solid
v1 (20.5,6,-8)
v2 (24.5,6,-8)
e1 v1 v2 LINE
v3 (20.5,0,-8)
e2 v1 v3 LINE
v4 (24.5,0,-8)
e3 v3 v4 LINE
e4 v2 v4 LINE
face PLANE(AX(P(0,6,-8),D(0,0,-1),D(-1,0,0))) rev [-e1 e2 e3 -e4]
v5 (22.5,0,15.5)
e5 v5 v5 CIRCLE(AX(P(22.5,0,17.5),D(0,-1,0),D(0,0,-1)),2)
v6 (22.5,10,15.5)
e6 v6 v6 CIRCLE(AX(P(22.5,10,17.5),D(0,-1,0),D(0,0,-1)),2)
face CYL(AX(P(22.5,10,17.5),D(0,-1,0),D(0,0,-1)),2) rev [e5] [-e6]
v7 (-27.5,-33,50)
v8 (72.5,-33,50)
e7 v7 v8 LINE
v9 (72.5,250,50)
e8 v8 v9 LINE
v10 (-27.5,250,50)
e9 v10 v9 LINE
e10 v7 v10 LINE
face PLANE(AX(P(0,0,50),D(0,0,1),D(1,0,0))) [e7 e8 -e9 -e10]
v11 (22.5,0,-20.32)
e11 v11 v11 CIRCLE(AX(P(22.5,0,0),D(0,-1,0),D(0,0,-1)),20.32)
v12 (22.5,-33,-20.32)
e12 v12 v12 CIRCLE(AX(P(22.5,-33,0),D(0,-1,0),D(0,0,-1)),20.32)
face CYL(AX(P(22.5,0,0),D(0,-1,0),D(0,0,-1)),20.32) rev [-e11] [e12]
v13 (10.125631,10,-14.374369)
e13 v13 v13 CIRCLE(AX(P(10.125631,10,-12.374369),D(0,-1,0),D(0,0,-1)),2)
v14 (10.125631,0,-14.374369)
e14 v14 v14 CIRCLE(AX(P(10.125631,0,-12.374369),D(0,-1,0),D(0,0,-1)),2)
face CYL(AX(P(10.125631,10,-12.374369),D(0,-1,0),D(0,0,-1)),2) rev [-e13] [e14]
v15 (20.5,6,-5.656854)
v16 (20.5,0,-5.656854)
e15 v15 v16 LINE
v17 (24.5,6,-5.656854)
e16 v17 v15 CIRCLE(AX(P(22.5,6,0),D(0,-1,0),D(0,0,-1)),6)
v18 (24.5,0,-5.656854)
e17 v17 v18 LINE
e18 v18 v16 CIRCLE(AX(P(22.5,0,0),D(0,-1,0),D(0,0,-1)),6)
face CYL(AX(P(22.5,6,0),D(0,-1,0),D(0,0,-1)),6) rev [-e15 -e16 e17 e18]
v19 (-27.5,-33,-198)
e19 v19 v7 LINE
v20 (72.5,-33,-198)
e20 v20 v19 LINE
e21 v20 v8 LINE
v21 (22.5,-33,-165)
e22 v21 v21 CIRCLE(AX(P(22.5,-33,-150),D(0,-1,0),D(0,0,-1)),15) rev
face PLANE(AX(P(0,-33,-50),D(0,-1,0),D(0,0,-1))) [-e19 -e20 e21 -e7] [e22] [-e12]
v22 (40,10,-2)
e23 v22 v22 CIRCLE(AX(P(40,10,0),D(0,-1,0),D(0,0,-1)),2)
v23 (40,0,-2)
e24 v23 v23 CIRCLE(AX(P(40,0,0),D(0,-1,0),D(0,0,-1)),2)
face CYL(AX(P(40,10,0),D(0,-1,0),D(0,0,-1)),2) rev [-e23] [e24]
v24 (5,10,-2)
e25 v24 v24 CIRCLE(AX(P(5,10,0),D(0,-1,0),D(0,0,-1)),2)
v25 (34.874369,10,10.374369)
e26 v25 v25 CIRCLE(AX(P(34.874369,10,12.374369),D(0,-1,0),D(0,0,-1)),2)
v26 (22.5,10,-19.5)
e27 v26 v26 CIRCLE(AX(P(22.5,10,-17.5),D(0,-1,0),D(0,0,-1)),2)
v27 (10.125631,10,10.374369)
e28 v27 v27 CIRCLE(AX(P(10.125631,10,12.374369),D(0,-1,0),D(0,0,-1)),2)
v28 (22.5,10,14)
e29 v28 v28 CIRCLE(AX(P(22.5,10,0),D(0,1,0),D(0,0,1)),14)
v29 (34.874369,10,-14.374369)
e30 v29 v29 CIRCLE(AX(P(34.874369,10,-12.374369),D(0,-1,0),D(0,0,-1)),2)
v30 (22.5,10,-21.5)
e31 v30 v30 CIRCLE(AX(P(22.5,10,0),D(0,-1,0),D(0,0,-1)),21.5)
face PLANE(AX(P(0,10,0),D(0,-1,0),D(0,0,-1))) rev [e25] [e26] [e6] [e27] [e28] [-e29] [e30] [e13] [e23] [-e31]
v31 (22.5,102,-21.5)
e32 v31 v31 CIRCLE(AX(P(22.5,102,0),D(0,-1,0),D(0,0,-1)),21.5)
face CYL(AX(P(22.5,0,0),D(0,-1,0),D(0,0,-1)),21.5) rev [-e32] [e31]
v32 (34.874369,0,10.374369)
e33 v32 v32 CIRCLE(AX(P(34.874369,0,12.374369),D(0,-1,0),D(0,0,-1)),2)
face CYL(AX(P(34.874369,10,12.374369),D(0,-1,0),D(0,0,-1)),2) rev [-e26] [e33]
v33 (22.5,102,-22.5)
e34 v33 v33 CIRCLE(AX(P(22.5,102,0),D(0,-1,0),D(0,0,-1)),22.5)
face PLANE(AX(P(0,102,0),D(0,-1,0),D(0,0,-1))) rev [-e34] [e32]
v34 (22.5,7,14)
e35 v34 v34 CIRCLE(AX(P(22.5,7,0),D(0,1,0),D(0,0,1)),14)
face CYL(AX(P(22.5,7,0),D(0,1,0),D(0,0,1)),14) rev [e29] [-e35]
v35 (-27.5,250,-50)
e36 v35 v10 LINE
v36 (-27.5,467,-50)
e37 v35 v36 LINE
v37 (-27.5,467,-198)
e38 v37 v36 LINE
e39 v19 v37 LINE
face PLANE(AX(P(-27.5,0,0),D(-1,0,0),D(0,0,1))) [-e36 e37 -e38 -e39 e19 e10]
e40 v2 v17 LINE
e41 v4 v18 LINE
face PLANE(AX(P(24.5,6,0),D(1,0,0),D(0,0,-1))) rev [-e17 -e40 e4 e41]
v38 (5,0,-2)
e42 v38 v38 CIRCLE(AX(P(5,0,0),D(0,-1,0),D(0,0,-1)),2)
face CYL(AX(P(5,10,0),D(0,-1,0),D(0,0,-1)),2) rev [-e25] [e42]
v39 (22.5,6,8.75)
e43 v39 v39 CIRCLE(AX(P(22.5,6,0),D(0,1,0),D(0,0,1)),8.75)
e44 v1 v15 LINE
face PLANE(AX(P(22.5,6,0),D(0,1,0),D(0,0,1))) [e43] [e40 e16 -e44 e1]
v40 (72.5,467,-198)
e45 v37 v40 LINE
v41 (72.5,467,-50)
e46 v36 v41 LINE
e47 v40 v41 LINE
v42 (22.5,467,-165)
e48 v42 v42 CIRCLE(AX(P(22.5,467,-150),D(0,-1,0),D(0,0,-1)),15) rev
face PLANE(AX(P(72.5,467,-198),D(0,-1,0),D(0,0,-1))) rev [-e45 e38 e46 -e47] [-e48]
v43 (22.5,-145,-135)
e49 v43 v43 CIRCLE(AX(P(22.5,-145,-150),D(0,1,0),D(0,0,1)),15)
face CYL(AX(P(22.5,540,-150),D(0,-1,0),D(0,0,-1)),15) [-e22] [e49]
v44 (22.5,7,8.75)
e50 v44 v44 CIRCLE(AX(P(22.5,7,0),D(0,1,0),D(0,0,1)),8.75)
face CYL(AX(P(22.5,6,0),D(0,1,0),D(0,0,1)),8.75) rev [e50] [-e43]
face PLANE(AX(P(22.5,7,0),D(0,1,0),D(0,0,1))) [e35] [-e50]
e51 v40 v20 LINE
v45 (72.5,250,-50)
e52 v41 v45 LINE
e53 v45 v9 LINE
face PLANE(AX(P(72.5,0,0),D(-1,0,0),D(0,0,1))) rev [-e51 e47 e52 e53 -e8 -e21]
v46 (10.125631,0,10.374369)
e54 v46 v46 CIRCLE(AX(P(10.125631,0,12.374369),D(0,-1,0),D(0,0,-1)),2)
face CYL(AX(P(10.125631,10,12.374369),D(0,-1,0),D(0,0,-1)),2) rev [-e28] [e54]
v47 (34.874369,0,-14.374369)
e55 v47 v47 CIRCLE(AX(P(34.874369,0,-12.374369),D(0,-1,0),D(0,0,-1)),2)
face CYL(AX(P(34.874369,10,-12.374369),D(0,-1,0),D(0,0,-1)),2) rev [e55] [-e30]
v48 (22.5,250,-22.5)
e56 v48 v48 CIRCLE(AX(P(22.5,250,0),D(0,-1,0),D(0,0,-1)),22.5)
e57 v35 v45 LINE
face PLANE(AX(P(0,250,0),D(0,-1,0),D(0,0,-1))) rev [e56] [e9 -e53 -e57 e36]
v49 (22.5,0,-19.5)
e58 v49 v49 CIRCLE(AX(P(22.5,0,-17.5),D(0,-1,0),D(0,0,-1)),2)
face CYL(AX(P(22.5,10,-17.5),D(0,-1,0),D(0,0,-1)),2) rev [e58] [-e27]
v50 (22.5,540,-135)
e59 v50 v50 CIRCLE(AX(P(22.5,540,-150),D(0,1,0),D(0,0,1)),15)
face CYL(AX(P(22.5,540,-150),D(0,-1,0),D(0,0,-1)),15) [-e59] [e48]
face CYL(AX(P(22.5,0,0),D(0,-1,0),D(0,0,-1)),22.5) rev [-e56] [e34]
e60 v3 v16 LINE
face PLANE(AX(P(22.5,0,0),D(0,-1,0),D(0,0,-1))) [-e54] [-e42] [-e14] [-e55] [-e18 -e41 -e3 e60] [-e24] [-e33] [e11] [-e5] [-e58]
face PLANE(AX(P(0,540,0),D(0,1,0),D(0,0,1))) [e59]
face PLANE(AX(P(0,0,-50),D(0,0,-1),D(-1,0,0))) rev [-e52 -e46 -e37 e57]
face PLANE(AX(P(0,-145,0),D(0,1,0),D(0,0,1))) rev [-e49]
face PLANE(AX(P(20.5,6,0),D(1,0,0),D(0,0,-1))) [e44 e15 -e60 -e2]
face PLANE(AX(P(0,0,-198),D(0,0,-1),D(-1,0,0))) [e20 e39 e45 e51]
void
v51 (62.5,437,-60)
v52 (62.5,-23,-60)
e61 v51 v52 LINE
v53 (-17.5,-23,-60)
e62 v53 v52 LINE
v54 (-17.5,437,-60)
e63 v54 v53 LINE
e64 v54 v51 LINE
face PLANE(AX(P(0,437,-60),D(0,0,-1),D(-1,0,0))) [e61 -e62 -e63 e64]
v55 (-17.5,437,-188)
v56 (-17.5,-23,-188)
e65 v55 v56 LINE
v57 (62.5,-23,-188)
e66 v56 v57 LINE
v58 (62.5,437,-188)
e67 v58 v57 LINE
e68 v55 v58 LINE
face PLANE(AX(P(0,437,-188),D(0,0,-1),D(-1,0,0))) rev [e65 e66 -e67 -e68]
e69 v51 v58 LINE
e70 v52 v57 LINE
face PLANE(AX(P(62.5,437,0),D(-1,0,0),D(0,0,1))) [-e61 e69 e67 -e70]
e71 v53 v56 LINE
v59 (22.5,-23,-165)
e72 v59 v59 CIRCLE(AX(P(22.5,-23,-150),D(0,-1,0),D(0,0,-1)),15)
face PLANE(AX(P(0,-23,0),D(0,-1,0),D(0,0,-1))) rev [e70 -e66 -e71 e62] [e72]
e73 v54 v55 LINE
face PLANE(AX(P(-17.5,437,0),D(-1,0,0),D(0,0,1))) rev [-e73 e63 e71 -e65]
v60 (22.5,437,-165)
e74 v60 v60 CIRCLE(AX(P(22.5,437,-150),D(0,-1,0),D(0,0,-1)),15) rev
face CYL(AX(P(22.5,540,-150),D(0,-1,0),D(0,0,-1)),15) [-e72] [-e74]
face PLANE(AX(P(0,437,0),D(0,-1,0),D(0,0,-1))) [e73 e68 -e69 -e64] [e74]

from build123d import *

# Parameters (mm, degrees)
EXTRUDE_START         = -250
SKETCH_3_R            = 50
SKETCH_3_R_2          = 32.5
EXTRUDE_1_DEPTH       = 250
EXTRUDE_7_DEPTH       = 250
EXTRUDE_8_DEPTH       = 50
EXTRUDE_8_DEPTH_BACK  = 50
SKETCH_12_W           = 100
SKETCH_12_H           = 500
EXTRUDE_10_DEPTH      = 148
EXTRUDE_12_DEPTH      = 73
EXTRUDE_12_DEPTH_BACK = 612
SKETCH_13_R           = 15
SKETCH_20_W           = 80
SKETCH_20_H           = 128
SKETCH_20_R           = 15
CUT_EXTRUDE_4_DEPTH   = 470
SKETCH_20_4_W         = 80
SKETCH_20_4_H         = 128
SKETCH_20_4_R         = 15
EXTRUDE_13_DEPTH      = 10
SKETCH_1_22_W         = 6
SKETCH_1_22_H         = 10
SKETCH_22_R           = 20.32
CUT_EXTRUDE_6_DEPTH   = 33
SKETCH_23_R           = 2
CUT_EXTRUDE_7_DEPTH   = 10
SKETCH_25_R           = 14
CUT_EXTRUDE_8_DEPTH   = 3
SKETCH_26_R           = 8.75
CUT_EXTRUDE_9_DEPTH   = 4
SKETCH_27_R           = 6
CUT_EXTRUDE_10_DEPTH  = 6
CUT_EXTRUDE_12_DEPTH  = 6


with BuildPart() as part:
    # 草图1 → 旋转1 (revolve)
    with BuildSketch(Plane.XY):
        Polygon((16.5, 10), (1, 10), (1, 102), (0, 102), (0, 250), (-10, 250), (-10, 0), (16.5, 0), align=None)
        Polygon((28.5, 10), (28.5, 0), (55, 0), (55, 250), (45, 250), (45, 102), (44, 102), (44, 10), align=None)
    revolve(axis=Axis((22.5, 0, 0), (0, 1, 0)))

    # 草图3 → 凸台-拉伸1 (add)
    with BuildSketch(Plane(origin=(0, 250, 0), x_dir=(1, 0, 0), z_dir=(0, 1, 0)).offset(EXTRUDE_START)):
        with Locations((22.5, 0)):
            Circle(SKETCH_3_R)
        with Locations((22.5, 0)):
            Circle(SKETCH_3_R_2, mode=Mode.SUBTRACT)
    extrude(amount=EXTRUDE_1_DEPTH)

    # 草图3<5> → 凸台-拉伸7 (add)
    with BuildSketch(Plane(origin=(0, 250, 0), x_dir=(1, 0, 0), z_dir=(0, 1, 0)).offset(EXTRUDE_START)):
        with BuildLine():
            ThreePointArc((22.5, -50), (-12.855339059, -35.355339059), (-27.5, 0))
            Line((-27.5, 0), (-27.5, -50))
            Line((-27.5, -50), (22.5, -50))
        make_face()
        with BuildLine():
            Line((-27.5, 50), (-27.5, 0))
            ThreePointArc((-27.5, 0), (-12.855339059, 35.355339059), (22.5, 50))
            Line((22.5, 50), (-27.5, 50))
        make_face()
        with BuildLine():
            Line((72.5, 50), (22.5, 50))
            ThreePointArc((22.5, 50), (57.855339059, 35.355339059), (72.5, 0))
            Line((72.5, 0), (72.5, 50))
        make_face()
        with BuildLine():
            ThreePointArc((72.5, 0), (57.855339059, -35.355339059), (22.5, -50))
            Line((22.5, -50), (72.5, -50))
            Line((72.5, -50), (72.5, 0))
        make_face()
    extrude(amount=EXTRUDE_7_DEPTH)

    # 草图1<21> → 凸台-拉伸8 (add, two sides: drawn at the far end of the back side and taken through both)
    with BuildSketch(Plane.XY.offset(-EXTRUDE_8_DEPTH_BACK)):
        Polygon((16.5, 0), (0, 0), (-10, 0), (-27.5, 0), (-27.5, -33), (72.5, -33), (72.5, 0), (55, 0), (45, 0), (28.5, 0), align=None)
    extrude(amount=EXTRUDE_8_DEPTH + EXTRUDE_8_DEPTH_BACK)

    # 草图12 → 凸台-拉伸10 (add)
    with BuildSketch(Plane(origin=(0, 0, -50), x_dir=(-1, 0, 0), z_dir=(0, 0, -1))):
        with Locations((-22.5, 217)):
            Rectangle(SKETCH_12_W, SKETCH_12_H)
    extrude(amount=EXTRUDE_10_DEPTH)

    # 草图13 → 凸台-拉伸12 (add, two sides: drawn at the far end of the back side and taken through both)
    with BuildSketch(Plane(origin=(0, 467, 0), x_dir=(1, 0, 0), z_dir=(0, 1, 0)).offset(-EXTRUDE_12_DEPTH_BACK)):
        with Locations((22.5, 150)):
            Circle(SKETCH_13_R)
    extrude(amount=EXTRUDE_12_DEPTH + EXTRUDE_12_DEPTH_BACK)

    # 草图20 → 切除-拉伸4 (cut)
    with BuildSketch(Plane.XZ.offset(33)):
        with Locations((22.5, -124)):
            Rectangle(SKETCH_20_W, SKETCH_20_H)
        with Locations((22.5, -150)):
            Circle(SKETCH_20_R, mode=Mode.SUBTRACT)
    extrude(amount=-CUT_EXTRUDE_4_DEPTH, mode=Mode.SUBTRACT)

    # 草图20<4> → 凸台-拉伸13 (add)
    with BuildSketch(Plane.XZ.offset(33)):
        with Locations((22.5, -124)):
            Rectangle(SKETCH_20_4_W, SKETCH_20_4_H)
        with Locations((22.5, -150)):
            Circle(SKETCH_20_4_R, mode=Mode.SUBTRACT)
    extrude(amount=-EXTRUDE_13_DEPTH)

    # 草图1<22> → 旋转2 (revolve)
    with BuildSketch(Plane.XY):
        with Locations((19.5, 5)):
            Rectangle(SKETCH_1_22_W, SKETCH_1_22_H)
    revolve(axis=Axis((22.5, 0, 0), (0, 1, 0)))

    # 草图22 → 切除-拉伸6 (cut)
    with BuildSketch(Plane.XZ.offset(33)):
        with Locations((22.5, 0)):
            Circle(SKETCH_22_R)
    extrude(amount=-CUT_EXTRUDE_6_DEPTH, mode=Mode.SUBTRACT)

    # 草图23 → 切除-拉伸7 (cut)
    with BuildSketch(Plane.XZ):
        with Locations((22.5, 17.5)):
            Circle(SKETCH_23_R)
        with Locations((34.874368671, 12.374368671)):
            Circle(SKETCH_23_R)
        with Locations((40, 0)):
            Circle(SKETCH_23_R)
        with Locations((34.874368671, -12.374368671)):
            Circle(SKETCH_23_R)
        with Locations((22.5, -17.5)):
            Circle(SKETCH_23_R)
        with Locations((10.125631329, -12.374368671)):
            Circle(SKETCH_23_R)
        with Locations((5, 0)):
            Circle(SKETCH_23_R)
        with Locations((10.125631329, 12.374368671)):
            Circle(SKETCH_23_R)
    extrude(amount=-CUT_EXTRUDE_7_DEPTH, mode=Mode.SUBTRACT)

    # 草图25 → 切除-拉伸8 (cut)
    with BuildSketch(Plane(origin=(0, 10, 0), x_dir=(1, 0, 0), z_dir=(0, 1, 0))):
        with Locations((22.5, 0)):
            Circle(SKETCH_25_R)
    extrude(amount=-CUT_EXTRUDE_8_DEPTH, mode=Mode.SUBTRACT)

    # 草图26 → 切除-拉伸9 (cut)
    with BuildSketch(Plane(origin=(0, 10, 0), x_dir=(1, 0, 0), z_dir=(0, 1, 0))):
        with Locations((22.5, 0)):
            Circle(SKETCH_26_R)
    extrude(amount=-CUT_EXTRUDE_9_DEPTH, mode=Mode.SUBTRACT)

    # 草图27 → 切除-拉伸10 (cut)
    with BuildSketch(Plane.XZ):
        with Locations((22.5, 0)):
            Circle(SKETCH_27_R)
    extrude(amount=-CUT_EXTRUDE_10_DEPTH, mode=Mode.SUBTRACT)

    # 草图27<5> → 切除-拉伸12 (cut)
    with BuildSketch(Plane.XZ):
        with BuildLine():
            Line((20.5, -8), (24.5, -8))
            Line((24.5, -8), (24.5, -5.656854249))
            ThreePointArc((24.5, -5.656854249), (22.5, -6), (20.5, -5.656854249))
            Line((20.5, -5.656854249), (20.5, -8))
        make_face()
    extrude(amount=-CUT_EXTRUDE_12_DEPTH, mode=Mode.SUBTRACT)


solid = part.part
